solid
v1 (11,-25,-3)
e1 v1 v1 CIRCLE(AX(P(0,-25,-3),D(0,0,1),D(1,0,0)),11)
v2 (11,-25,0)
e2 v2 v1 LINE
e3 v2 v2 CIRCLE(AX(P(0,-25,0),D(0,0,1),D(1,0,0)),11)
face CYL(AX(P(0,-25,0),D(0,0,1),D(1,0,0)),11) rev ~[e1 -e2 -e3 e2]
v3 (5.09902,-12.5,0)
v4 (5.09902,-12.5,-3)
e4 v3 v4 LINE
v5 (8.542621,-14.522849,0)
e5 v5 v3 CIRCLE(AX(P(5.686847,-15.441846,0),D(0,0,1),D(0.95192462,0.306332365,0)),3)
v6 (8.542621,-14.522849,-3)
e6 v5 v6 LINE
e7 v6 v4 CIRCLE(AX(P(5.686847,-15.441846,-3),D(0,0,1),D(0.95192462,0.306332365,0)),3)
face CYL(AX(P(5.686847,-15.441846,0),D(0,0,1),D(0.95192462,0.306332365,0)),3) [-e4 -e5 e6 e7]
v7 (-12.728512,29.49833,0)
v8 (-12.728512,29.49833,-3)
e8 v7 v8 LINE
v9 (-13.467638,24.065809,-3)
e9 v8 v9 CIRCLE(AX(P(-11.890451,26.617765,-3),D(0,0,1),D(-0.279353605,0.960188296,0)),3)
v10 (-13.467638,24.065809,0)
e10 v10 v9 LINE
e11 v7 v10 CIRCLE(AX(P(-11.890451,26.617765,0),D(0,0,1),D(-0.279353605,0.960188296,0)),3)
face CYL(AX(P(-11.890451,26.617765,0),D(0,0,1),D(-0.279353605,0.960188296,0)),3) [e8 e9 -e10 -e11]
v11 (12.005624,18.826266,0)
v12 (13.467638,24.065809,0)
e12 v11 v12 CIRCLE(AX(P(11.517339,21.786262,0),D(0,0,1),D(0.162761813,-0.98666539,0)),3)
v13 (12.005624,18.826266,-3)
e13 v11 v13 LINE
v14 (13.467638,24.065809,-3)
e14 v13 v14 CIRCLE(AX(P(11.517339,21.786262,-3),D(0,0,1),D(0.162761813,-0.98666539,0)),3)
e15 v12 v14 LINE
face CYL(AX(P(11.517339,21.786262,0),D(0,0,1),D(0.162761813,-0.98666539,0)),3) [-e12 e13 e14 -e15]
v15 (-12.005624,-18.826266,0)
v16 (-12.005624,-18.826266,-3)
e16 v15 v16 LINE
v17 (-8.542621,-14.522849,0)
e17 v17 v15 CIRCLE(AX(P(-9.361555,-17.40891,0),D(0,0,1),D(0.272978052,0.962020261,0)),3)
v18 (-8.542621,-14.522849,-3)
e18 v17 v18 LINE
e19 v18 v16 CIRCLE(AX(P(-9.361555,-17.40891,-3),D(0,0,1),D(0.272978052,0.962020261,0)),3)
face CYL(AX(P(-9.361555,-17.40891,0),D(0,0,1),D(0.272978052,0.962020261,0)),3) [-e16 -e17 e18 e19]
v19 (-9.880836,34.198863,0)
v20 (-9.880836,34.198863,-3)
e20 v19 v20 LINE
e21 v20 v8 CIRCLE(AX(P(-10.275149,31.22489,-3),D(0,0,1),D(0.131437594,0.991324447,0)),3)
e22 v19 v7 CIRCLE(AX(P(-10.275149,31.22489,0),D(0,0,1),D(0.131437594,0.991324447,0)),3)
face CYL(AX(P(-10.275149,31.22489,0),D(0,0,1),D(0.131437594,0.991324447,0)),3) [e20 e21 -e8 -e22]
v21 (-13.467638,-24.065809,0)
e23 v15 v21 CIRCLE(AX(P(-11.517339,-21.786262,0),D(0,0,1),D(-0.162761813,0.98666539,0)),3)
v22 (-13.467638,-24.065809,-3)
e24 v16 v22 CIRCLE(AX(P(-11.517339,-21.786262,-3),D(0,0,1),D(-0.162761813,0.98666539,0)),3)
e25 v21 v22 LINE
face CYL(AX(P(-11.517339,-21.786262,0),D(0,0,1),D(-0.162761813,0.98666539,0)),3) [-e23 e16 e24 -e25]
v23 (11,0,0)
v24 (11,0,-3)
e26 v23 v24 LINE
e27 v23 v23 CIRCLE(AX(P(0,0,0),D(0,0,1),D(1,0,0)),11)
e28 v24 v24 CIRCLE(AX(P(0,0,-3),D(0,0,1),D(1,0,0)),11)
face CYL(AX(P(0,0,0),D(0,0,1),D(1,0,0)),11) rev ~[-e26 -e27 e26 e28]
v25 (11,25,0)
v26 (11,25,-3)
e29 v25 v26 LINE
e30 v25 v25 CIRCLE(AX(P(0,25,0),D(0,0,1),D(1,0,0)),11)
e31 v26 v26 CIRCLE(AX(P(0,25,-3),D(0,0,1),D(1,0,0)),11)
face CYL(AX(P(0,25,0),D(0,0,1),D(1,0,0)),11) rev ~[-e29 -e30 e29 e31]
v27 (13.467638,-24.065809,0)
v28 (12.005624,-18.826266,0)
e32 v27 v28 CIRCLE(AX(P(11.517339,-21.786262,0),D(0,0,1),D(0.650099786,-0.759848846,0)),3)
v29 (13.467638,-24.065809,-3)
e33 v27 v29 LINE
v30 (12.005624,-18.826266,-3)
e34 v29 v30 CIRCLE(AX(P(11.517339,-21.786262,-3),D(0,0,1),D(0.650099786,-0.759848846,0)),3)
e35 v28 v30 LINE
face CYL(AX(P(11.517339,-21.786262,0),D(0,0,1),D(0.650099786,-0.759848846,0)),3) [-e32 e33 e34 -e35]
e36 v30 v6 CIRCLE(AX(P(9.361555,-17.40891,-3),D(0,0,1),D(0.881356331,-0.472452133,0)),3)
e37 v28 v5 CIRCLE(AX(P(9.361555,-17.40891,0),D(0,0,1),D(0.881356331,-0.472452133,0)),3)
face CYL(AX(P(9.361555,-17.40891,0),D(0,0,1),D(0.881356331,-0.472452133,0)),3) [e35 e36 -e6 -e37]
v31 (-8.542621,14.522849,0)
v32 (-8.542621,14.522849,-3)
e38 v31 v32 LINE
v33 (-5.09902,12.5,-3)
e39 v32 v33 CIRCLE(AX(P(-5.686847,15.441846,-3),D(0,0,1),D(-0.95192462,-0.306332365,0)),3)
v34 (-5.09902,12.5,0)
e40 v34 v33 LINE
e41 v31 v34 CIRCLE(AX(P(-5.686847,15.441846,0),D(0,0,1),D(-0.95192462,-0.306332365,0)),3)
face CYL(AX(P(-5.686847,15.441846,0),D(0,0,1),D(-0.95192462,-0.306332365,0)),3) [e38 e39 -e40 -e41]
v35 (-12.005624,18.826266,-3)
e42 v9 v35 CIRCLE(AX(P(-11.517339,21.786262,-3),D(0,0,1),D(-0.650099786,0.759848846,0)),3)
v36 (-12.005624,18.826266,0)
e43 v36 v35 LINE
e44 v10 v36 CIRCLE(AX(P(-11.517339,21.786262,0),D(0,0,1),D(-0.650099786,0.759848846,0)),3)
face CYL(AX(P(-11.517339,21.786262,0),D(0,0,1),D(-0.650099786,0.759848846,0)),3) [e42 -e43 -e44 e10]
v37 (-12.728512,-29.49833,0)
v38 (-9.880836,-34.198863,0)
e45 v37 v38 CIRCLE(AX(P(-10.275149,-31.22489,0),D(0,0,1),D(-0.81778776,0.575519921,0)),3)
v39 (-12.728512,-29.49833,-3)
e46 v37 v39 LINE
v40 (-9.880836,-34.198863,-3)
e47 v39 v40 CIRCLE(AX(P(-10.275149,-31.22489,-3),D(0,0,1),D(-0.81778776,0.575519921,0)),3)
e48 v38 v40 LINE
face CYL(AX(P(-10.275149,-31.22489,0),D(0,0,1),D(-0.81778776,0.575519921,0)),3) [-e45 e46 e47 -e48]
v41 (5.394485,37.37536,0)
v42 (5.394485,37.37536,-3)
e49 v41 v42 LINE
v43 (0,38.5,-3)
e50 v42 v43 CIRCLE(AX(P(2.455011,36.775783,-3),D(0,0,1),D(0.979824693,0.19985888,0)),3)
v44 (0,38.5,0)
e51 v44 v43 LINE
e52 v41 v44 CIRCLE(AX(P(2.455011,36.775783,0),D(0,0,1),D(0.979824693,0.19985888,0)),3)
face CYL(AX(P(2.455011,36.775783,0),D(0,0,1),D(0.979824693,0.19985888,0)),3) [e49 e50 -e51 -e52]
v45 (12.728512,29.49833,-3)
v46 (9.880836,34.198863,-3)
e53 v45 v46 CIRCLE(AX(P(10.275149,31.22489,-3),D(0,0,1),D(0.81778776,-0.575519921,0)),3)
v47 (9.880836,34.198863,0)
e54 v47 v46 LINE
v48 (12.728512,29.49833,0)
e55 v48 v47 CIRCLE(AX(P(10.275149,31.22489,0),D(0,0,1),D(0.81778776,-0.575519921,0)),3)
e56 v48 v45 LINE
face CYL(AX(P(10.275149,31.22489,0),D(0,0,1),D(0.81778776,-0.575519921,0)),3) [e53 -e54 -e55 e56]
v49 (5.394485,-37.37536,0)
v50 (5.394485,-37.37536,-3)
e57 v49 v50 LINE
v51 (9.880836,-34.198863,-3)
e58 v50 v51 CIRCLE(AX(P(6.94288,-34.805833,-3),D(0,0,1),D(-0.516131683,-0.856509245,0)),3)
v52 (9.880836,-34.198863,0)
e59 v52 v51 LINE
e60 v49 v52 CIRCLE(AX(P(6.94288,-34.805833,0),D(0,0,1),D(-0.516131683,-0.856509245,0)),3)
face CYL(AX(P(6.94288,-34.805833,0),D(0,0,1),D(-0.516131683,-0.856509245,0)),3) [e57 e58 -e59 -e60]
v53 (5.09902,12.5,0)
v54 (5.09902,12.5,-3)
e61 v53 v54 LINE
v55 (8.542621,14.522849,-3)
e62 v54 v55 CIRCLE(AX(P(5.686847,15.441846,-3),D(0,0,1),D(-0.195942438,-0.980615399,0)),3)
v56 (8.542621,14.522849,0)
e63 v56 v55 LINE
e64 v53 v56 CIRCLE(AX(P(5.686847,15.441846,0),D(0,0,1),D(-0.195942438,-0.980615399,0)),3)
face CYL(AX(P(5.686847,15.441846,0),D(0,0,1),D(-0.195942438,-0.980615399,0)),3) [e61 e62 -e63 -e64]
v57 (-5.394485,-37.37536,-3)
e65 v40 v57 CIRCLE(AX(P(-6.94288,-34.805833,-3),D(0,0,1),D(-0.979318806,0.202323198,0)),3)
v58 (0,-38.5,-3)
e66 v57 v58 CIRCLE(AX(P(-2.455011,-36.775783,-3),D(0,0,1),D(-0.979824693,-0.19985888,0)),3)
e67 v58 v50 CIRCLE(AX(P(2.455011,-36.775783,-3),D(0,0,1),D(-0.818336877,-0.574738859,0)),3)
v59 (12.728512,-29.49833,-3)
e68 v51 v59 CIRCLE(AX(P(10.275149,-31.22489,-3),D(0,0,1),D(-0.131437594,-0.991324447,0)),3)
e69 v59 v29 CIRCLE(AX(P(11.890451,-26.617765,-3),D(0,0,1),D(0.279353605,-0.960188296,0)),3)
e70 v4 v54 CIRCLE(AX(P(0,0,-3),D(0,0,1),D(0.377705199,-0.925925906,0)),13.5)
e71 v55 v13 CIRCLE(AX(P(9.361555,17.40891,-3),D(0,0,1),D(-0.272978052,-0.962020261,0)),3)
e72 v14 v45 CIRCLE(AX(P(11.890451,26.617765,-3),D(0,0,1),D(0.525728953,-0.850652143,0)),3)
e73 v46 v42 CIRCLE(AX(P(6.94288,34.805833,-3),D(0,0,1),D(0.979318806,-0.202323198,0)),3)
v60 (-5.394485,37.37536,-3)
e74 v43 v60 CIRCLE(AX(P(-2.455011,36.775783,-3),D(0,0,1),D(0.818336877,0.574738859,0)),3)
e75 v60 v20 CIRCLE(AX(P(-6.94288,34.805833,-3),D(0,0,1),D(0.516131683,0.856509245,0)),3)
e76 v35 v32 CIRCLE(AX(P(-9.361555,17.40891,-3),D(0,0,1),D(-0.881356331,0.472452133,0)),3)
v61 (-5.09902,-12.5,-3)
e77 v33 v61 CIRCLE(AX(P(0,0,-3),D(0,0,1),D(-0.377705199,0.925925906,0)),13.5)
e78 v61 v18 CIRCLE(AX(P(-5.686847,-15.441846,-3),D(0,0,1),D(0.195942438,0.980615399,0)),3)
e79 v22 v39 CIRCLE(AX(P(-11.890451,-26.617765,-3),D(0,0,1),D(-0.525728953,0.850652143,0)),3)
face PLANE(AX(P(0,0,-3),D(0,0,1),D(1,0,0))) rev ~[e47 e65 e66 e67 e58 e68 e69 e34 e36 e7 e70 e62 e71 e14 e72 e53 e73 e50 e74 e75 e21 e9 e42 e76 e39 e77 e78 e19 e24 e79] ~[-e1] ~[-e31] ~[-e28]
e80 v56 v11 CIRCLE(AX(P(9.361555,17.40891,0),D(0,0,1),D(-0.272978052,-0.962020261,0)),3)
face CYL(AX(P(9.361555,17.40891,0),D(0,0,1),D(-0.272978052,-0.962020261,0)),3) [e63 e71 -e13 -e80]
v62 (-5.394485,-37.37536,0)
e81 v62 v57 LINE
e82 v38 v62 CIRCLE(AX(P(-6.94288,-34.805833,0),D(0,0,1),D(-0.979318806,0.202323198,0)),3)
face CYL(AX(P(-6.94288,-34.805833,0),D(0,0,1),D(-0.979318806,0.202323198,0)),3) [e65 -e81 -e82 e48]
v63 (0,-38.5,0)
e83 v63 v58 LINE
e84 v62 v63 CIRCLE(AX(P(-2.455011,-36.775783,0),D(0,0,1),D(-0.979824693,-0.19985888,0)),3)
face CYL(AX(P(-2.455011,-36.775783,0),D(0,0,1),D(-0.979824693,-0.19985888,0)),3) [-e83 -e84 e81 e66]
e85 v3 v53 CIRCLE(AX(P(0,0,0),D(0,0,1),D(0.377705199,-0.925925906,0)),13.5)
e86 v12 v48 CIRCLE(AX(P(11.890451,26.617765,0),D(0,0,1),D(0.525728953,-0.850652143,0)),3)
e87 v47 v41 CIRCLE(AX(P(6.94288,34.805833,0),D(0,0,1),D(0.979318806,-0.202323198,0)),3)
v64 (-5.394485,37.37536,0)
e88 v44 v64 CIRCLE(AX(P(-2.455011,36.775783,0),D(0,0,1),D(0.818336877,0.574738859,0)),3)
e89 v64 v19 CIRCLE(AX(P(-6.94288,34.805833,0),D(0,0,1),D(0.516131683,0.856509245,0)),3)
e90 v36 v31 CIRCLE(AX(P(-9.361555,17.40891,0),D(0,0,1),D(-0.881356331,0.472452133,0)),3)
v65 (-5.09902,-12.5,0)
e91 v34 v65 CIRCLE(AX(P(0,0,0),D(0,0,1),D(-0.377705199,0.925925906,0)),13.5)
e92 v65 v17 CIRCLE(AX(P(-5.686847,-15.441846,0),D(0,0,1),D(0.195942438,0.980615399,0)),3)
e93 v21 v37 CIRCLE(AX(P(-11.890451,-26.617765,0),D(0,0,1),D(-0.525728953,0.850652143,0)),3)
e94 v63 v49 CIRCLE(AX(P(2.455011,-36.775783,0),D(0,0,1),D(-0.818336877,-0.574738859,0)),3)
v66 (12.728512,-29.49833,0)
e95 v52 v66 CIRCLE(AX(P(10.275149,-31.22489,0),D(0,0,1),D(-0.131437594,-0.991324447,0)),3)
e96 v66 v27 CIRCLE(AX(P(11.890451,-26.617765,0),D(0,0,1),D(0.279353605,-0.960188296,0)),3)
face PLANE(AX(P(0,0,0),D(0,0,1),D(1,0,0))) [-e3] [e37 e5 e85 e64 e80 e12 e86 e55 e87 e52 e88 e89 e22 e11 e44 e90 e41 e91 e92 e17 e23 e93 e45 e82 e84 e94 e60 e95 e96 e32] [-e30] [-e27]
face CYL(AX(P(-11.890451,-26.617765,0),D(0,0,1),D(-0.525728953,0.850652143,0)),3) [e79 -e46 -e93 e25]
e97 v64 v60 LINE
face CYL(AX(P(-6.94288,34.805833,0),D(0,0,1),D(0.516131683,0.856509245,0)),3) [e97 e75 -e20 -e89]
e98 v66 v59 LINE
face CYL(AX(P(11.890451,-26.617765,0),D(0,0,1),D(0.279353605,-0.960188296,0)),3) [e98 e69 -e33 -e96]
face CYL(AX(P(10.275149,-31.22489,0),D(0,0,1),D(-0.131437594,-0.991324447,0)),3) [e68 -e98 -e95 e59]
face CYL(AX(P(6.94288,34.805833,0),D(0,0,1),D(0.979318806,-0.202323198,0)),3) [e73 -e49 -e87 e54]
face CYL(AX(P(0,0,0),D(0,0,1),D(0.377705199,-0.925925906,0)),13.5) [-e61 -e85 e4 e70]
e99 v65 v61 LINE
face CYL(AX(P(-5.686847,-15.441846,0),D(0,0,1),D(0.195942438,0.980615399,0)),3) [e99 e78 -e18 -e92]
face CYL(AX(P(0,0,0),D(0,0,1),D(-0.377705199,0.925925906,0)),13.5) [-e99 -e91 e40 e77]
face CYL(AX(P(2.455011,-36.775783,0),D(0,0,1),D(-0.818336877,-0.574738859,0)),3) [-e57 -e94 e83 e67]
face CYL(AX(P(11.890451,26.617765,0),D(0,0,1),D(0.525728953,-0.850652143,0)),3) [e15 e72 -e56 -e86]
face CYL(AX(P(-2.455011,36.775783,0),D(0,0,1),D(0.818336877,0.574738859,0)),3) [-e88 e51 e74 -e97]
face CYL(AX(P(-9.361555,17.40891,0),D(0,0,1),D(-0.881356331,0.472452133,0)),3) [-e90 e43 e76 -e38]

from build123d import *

# Parameters (mm, degrees)
F0_R     = 11
F1_DEPTH = 3


with BuildPart() as f1:
    # F0 (on Top) → F1 (new body)
    with BuildSketch(Plane.XY):
        with BuildLine():
            ThreePointArc((-8.542621, 14.522849), (-7.206345, 12.855125), (-5.09902, 12.5))
            ThreePointArc((-5.09902, 12.5), (-13.5, 0), (-5.09902, -12.5))
            ThreePointArc((-5.09902, -12.5), (-7.206345, -12.855125), (-8.542621, -14.522849))
            ThreePointArc((-8.542621, -14.522849), (-11.698782, -15.52812), (-12.005624, -18.826266))
            ThreePointArc((-12.005624, -18.826266), (-14.406954, -20.97996), (-13.467638, -24.065809))
            ThreePointArc((-13.467638, -24.065809), (-14.863064, -27.022206), (-12.728512, -29.49833))
            ThreePointArc((-12.728512, -29.49833), (-12.841016, -32.779343), (-9.880836, -34.198863))
            ThreePointArc((-9.880836, -34.198863), (-8.676447, -37.254249), (-5.394485, -37.37536))
            ThreePointArc((-5.394485, -37.37536), (-3.067285, -39.712639), (0, -38.5))
            ThreePointArc((0, -38.5), (3.067285, -39.712639), (5.394485, -37.37536))
            ThreePointArc((5.394485, -37.37536), (8.676447, -37.254249), (9.880836, -34.198863))
            ThreePointArc((9.880836, -34.198863), (12.841016, -32.779343), (12.728512, -29.49833))
            ThreePointArc((12.728512, -29.49833), (14.863064, -27.022206), (13.467638, -24.065809))
            ThreePointArc((13.467638, -24.065809), (14.406954, -20.97996), (12.005624, -18.826266))
            ThreePointArc((12.005624, -18.826266), (11.698782, -15.52812), (8.542621, -14.522849))
            ThreePointArc((8.542621, -14.522849), (7.206345, -12.855125), (5.09902, -12.5))
            ThreePointArc((5.09902, -12.5), (13.5, 0), (5.09902, 12.5))
            ThreePointArc((5.09902, 12.5), (7.206345, 12.855125), (8.542621, 14.522849))
            ThreePointArc((8.542621, 14.522849), (11.698782, 15.52812), (12.005624, 18.826266))
            ThreePointArc((12.005624, 18.826266), (14.406954, 20.97996), (13.467638, 24.065809))
            ThreePointArc((13.467638, 24.065809), (14.863064, 27.022206), (12.728512, 29.49833))
            ThreePointArc((12.728512, 29.49833), (12.841016, 32.779343), (9.880836, 34.198863))
            ThreePointArc((9.880836, 34.198863), (8.676447, 37.254249), (5.394485, 37.37536))
            ThreePointArc((5.394485, 37.37536), (3.067285, 39.712639), (0, 38.5))
            ThreePointArc((0, 38.5), (-3.067285, 39.712639), (-5.394485, 37.37536))
            ThreePointArc((-5.394485, 37.37536), (-8.676447, 37.254249), (-9.880836, 34.198863))
            ThreePointArc((-9.880836, 34.198863), (-12.841016, 32.779343), (-12.728512, 29.49833))
            ThreePointArc((-12.728512, 29.49833), (-14.863064, 27.022206), (-13.467638, 24.065809))
            ThreePointArc((-13.467638, 24.065809), (-14.406954, 20.97996), (-12.005624, 18.826266))
            ThreePointArc((-12.005624, 18.826266), (-11.698782, 15.52812), (-8.542621, 14.522849))
        make_face()
        with Locations((0, -25)):
            Circle(F0_R, mode=Mode.SUBTRACT)
        Circle(F0_R, mode=Mode.SUBTRACT)
        with Locations((0, 25)):
            Circle(F0_R, mode=Mode.SUBTRACT)
    extrude(amount=-F1_DEPTH)


solid = f1.part
